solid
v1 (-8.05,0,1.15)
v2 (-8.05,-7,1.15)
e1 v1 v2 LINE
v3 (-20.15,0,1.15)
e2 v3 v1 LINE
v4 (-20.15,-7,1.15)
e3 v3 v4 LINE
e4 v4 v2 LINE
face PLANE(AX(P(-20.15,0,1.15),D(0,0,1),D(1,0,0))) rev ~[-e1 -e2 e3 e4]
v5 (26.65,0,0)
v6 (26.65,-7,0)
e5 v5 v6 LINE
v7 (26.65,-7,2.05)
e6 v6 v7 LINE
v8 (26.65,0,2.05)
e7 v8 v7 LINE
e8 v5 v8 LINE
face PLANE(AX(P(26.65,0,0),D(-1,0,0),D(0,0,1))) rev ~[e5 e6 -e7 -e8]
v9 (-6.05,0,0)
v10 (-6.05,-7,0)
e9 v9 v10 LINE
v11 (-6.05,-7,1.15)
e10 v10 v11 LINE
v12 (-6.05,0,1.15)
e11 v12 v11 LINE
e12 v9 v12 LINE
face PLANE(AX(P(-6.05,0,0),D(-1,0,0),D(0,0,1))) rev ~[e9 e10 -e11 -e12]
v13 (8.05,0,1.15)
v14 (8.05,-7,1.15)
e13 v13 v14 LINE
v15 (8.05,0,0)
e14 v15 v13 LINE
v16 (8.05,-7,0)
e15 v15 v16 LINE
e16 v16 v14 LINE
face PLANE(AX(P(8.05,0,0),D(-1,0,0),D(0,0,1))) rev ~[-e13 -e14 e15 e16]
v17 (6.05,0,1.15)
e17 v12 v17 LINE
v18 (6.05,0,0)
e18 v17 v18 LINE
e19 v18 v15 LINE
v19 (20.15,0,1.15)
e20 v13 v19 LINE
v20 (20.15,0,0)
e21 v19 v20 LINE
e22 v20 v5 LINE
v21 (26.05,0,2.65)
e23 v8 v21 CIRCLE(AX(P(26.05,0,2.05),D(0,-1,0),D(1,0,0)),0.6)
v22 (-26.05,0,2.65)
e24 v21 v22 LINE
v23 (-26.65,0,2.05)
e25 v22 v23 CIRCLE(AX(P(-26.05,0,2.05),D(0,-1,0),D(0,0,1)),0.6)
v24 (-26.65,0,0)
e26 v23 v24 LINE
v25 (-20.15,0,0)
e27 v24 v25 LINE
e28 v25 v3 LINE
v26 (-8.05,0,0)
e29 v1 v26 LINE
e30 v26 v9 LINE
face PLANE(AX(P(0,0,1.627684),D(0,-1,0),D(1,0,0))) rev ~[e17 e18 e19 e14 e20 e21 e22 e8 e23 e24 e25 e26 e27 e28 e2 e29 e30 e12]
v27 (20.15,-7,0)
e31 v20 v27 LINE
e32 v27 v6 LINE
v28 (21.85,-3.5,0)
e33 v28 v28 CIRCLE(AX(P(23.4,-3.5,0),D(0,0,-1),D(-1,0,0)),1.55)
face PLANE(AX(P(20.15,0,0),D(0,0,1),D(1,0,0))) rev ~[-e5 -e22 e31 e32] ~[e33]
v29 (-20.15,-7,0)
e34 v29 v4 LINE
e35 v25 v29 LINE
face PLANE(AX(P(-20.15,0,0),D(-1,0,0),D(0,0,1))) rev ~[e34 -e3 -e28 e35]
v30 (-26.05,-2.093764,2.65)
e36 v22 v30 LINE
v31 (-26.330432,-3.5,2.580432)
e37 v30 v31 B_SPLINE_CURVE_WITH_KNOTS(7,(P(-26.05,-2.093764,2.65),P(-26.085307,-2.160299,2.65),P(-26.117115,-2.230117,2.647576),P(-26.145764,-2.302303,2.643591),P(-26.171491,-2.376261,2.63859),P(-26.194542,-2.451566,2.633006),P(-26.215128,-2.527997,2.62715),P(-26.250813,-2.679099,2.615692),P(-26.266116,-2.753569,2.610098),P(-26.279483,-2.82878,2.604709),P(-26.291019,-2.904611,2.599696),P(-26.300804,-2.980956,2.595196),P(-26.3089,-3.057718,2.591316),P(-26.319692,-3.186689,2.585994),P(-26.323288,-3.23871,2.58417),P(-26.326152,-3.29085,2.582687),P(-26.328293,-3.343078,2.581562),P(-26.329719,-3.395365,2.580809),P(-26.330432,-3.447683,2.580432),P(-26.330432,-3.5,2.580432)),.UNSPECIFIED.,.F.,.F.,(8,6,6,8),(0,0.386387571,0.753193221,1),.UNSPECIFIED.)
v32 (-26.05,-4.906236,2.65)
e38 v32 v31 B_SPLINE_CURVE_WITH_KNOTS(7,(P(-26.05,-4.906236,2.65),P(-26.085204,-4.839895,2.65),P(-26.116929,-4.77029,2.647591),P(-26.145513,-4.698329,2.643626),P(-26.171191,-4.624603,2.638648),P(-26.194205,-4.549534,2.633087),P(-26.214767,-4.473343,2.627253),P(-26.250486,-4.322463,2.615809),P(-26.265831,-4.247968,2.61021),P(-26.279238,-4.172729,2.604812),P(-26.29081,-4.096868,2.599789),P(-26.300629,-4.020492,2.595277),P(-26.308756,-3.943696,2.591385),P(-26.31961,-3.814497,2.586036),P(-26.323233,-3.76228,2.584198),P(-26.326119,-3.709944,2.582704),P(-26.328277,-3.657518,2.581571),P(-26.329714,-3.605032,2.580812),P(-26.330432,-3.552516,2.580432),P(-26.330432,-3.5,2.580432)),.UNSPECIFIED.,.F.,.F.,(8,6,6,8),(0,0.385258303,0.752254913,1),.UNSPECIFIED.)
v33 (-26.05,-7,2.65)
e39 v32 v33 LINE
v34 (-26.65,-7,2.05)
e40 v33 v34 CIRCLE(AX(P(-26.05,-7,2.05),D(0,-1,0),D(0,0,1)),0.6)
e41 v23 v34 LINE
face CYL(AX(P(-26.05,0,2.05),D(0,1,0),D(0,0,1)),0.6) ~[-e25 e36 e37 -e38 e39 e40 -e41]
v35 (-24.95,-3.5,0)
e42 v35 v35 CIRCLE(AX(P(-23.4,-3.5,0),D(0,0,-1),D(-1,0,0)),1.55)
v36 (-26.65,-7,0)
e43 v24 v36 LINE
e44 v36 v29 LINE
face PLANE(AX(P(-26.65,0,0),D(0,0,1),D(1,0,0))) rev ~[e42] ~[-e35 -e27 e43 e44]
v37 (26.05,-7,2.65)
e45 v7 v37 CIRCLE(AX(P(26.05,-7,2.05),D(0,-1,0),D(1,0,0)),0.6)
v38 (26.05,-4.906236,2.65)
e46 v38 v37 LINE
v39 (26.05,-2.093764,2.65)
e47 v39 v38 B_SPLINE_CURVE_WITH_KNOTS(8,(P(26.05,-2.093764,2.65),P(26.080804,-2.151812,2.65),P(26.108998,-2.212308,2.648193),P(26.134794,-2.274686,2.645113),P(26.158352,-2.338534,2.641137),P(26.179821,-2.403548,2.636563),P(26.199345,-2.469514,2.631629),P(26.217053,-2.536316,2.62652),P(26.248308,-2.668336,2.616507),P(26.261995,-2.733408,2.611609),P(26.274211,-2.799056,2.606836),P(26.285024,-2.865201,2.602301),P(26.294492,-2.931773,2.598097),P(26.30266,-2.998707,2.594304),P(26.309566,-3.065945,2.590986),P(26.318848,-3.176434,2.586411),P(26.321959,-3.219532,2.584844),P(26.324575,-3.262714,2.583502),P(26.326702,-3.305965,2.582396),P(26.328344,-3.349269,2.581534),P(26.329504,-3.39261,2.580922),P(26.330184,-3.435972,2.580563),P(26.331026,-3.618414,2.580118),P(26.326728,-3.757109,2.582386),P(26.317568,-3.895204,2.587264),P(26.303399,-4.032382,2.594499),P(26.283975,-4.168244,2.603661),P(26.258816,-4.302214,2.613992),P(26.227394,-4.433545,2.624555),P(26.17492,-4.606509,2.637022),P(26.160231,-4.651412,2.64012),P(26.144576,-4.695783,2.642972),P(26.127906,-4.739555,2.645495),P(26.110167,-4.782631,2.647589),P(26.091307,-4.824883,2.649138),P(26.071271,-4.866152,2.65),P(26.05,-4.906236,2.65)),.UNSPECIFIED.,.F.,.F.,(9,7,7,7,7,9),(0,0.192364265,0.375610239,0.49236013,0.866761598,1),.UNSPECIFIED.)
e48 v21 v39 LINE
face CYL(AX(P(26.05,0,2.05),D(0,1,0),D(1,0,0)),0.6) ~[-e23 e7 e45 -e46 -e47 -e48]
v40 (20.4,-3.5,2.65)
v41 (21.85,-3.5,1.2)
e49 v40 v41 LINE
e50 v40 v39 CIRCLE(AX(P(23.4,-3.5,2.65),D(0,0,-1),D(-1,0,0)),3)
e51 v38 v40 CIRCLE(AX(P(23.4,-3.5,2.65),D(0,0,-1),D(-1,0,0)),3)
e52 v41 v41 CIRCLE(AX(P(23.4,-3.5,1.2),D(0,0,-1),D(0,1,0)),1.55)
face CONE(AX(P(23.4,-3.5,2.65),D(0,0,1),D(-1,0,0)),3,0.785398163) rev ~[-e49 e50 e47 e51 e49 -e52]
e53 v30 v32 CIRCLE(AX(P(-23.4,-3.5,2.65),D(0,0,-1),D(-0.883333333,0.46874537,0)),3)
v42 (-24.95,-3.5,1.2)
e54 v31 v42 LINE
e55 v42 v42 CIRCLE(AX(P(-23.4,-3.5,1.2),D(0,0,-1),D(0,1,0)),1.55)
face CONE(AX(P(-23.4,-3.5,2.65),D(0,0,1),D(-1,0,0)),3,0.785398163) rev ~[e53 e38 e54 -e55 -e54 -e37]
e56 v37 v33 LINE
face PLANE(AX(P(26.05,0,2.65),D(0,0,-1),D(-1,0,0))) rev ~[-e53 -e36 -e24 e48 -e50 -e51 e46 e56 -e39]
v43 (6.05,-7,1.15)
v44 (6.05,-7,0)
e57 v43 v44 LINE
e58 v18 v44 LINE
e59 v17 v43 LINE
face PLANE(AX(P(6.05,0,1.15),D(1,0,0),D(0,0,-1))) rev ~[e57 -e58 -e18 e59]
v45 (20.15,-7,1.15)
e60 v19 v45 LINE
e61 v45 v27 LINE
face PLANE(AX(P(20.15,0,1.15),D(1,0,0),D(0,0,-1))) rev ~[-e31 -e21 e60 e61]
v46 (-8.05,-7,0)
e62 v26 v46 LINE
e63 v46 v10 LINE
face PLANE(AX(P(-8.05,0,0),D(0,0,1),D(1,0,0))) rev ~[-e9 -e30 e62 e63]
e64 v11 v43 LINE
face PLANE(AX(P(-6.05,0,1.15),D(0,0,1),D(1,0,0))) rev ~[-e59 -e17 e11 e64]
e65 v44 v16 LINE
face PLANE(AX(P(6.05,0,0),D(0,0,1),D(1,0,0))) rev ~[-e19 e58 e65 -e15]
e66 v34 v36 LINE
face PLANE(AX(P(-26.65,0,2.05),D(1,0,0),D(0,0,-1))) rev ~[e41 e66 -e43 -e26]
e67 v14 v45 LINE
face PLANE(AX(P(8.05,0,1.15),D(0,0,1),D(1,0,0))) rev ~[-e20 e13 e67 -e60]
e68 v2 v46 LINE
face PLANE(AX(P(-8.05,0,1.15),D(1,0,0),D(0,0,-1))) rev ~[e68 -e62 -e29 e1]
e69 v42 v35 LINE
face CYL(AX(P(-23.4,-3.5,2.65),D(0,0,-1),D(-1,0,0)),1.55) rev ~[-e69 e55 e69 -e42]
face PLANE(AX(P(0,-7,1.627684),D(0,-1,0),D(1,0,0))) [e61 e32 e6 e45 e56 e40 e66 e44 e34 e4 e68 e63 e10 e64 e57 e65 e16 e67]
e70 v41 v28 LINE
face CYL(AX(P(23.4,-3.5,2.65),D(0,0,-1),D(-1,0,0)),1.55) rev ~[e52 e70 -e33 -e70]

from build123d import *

# Parameters (mm, degrees)
F2_DEPTH       = 7
F5_D           = 3.1
F5_CSINK_D     = 6
F5_CSINK_ANGLE = 90
F6_D           = 3.1
F6_CSINK_D     = 6
F6_CSINK_ANGLE = 90


with BuildPart() as f2:
    # F1 (on Front) → F2 (new body)
    with BuildSketch(Plane.XZ):
        with BuildLine():
            Line((-6.05, 1.15), (0, 1.15))
            Line((0, 1.15), (6.05, 1.15))
            Line((6.05, 1.15), (6.05, 0))
            Line((6.05, 0), (8.05, 0))
            Line((8.05, 0), (8.05, 1.15))
            Line((8.05, 1.15), (20.15, 1.15))
            Line((20.15, 1.15), (20.15, 0))
            Line((20.15, 0), (26.65, 0))
            Line((26.65, 0), (26.65, 2.05))
            ThreePointArc((26.65, 2.05), (26.4742640687, 2.4742640687), (26.05, 2.65))
            Line((26.05, 2.65), (0, 2.65))
            Line((0, 2.65), (-26.05, 2.65))
            ThreePointArc((-26.05, 2.65), (-26.4742640687, 2.4742640687), (-26.65, 2.05))
            Line((-26.65, 2.05), (-26.65, 0))
            Line((-26.65, 0), (-20.15, 0))
            Line((-20.15, 0), (-20.15, 1.15))
            Line((-20.15, 1.15), (-8.05, 1.15))
            Line((-8.05, 1.15), (-8.05, 0))
            Line((-8.05, 0), (-6.05, 0))
            Line((-6.05, 0), (-6.05, 1.15))
        make_face()
    extrude(amount=F2_DEPTH)

    # F5 (through all)
    with Locations(Plane.XY.offset(2.65)):
        with Locations((-23.4, -3.5)):
            CounterSinkHole(F5_D / 2, F5_CSINK_D / 2, counter_sink_angle=F5_CSINK_ANGLE)

    # F6 (through all)
    with Locations(Plane.XY.offset(2.65)):
        with Locations((23.4, -3.5)):
            CounterSinkHole(F6_D / 2, F6_CSINK_D / 2, counter_sink_angle=F6_CSINK_ANGLE)


solid = f2.part
